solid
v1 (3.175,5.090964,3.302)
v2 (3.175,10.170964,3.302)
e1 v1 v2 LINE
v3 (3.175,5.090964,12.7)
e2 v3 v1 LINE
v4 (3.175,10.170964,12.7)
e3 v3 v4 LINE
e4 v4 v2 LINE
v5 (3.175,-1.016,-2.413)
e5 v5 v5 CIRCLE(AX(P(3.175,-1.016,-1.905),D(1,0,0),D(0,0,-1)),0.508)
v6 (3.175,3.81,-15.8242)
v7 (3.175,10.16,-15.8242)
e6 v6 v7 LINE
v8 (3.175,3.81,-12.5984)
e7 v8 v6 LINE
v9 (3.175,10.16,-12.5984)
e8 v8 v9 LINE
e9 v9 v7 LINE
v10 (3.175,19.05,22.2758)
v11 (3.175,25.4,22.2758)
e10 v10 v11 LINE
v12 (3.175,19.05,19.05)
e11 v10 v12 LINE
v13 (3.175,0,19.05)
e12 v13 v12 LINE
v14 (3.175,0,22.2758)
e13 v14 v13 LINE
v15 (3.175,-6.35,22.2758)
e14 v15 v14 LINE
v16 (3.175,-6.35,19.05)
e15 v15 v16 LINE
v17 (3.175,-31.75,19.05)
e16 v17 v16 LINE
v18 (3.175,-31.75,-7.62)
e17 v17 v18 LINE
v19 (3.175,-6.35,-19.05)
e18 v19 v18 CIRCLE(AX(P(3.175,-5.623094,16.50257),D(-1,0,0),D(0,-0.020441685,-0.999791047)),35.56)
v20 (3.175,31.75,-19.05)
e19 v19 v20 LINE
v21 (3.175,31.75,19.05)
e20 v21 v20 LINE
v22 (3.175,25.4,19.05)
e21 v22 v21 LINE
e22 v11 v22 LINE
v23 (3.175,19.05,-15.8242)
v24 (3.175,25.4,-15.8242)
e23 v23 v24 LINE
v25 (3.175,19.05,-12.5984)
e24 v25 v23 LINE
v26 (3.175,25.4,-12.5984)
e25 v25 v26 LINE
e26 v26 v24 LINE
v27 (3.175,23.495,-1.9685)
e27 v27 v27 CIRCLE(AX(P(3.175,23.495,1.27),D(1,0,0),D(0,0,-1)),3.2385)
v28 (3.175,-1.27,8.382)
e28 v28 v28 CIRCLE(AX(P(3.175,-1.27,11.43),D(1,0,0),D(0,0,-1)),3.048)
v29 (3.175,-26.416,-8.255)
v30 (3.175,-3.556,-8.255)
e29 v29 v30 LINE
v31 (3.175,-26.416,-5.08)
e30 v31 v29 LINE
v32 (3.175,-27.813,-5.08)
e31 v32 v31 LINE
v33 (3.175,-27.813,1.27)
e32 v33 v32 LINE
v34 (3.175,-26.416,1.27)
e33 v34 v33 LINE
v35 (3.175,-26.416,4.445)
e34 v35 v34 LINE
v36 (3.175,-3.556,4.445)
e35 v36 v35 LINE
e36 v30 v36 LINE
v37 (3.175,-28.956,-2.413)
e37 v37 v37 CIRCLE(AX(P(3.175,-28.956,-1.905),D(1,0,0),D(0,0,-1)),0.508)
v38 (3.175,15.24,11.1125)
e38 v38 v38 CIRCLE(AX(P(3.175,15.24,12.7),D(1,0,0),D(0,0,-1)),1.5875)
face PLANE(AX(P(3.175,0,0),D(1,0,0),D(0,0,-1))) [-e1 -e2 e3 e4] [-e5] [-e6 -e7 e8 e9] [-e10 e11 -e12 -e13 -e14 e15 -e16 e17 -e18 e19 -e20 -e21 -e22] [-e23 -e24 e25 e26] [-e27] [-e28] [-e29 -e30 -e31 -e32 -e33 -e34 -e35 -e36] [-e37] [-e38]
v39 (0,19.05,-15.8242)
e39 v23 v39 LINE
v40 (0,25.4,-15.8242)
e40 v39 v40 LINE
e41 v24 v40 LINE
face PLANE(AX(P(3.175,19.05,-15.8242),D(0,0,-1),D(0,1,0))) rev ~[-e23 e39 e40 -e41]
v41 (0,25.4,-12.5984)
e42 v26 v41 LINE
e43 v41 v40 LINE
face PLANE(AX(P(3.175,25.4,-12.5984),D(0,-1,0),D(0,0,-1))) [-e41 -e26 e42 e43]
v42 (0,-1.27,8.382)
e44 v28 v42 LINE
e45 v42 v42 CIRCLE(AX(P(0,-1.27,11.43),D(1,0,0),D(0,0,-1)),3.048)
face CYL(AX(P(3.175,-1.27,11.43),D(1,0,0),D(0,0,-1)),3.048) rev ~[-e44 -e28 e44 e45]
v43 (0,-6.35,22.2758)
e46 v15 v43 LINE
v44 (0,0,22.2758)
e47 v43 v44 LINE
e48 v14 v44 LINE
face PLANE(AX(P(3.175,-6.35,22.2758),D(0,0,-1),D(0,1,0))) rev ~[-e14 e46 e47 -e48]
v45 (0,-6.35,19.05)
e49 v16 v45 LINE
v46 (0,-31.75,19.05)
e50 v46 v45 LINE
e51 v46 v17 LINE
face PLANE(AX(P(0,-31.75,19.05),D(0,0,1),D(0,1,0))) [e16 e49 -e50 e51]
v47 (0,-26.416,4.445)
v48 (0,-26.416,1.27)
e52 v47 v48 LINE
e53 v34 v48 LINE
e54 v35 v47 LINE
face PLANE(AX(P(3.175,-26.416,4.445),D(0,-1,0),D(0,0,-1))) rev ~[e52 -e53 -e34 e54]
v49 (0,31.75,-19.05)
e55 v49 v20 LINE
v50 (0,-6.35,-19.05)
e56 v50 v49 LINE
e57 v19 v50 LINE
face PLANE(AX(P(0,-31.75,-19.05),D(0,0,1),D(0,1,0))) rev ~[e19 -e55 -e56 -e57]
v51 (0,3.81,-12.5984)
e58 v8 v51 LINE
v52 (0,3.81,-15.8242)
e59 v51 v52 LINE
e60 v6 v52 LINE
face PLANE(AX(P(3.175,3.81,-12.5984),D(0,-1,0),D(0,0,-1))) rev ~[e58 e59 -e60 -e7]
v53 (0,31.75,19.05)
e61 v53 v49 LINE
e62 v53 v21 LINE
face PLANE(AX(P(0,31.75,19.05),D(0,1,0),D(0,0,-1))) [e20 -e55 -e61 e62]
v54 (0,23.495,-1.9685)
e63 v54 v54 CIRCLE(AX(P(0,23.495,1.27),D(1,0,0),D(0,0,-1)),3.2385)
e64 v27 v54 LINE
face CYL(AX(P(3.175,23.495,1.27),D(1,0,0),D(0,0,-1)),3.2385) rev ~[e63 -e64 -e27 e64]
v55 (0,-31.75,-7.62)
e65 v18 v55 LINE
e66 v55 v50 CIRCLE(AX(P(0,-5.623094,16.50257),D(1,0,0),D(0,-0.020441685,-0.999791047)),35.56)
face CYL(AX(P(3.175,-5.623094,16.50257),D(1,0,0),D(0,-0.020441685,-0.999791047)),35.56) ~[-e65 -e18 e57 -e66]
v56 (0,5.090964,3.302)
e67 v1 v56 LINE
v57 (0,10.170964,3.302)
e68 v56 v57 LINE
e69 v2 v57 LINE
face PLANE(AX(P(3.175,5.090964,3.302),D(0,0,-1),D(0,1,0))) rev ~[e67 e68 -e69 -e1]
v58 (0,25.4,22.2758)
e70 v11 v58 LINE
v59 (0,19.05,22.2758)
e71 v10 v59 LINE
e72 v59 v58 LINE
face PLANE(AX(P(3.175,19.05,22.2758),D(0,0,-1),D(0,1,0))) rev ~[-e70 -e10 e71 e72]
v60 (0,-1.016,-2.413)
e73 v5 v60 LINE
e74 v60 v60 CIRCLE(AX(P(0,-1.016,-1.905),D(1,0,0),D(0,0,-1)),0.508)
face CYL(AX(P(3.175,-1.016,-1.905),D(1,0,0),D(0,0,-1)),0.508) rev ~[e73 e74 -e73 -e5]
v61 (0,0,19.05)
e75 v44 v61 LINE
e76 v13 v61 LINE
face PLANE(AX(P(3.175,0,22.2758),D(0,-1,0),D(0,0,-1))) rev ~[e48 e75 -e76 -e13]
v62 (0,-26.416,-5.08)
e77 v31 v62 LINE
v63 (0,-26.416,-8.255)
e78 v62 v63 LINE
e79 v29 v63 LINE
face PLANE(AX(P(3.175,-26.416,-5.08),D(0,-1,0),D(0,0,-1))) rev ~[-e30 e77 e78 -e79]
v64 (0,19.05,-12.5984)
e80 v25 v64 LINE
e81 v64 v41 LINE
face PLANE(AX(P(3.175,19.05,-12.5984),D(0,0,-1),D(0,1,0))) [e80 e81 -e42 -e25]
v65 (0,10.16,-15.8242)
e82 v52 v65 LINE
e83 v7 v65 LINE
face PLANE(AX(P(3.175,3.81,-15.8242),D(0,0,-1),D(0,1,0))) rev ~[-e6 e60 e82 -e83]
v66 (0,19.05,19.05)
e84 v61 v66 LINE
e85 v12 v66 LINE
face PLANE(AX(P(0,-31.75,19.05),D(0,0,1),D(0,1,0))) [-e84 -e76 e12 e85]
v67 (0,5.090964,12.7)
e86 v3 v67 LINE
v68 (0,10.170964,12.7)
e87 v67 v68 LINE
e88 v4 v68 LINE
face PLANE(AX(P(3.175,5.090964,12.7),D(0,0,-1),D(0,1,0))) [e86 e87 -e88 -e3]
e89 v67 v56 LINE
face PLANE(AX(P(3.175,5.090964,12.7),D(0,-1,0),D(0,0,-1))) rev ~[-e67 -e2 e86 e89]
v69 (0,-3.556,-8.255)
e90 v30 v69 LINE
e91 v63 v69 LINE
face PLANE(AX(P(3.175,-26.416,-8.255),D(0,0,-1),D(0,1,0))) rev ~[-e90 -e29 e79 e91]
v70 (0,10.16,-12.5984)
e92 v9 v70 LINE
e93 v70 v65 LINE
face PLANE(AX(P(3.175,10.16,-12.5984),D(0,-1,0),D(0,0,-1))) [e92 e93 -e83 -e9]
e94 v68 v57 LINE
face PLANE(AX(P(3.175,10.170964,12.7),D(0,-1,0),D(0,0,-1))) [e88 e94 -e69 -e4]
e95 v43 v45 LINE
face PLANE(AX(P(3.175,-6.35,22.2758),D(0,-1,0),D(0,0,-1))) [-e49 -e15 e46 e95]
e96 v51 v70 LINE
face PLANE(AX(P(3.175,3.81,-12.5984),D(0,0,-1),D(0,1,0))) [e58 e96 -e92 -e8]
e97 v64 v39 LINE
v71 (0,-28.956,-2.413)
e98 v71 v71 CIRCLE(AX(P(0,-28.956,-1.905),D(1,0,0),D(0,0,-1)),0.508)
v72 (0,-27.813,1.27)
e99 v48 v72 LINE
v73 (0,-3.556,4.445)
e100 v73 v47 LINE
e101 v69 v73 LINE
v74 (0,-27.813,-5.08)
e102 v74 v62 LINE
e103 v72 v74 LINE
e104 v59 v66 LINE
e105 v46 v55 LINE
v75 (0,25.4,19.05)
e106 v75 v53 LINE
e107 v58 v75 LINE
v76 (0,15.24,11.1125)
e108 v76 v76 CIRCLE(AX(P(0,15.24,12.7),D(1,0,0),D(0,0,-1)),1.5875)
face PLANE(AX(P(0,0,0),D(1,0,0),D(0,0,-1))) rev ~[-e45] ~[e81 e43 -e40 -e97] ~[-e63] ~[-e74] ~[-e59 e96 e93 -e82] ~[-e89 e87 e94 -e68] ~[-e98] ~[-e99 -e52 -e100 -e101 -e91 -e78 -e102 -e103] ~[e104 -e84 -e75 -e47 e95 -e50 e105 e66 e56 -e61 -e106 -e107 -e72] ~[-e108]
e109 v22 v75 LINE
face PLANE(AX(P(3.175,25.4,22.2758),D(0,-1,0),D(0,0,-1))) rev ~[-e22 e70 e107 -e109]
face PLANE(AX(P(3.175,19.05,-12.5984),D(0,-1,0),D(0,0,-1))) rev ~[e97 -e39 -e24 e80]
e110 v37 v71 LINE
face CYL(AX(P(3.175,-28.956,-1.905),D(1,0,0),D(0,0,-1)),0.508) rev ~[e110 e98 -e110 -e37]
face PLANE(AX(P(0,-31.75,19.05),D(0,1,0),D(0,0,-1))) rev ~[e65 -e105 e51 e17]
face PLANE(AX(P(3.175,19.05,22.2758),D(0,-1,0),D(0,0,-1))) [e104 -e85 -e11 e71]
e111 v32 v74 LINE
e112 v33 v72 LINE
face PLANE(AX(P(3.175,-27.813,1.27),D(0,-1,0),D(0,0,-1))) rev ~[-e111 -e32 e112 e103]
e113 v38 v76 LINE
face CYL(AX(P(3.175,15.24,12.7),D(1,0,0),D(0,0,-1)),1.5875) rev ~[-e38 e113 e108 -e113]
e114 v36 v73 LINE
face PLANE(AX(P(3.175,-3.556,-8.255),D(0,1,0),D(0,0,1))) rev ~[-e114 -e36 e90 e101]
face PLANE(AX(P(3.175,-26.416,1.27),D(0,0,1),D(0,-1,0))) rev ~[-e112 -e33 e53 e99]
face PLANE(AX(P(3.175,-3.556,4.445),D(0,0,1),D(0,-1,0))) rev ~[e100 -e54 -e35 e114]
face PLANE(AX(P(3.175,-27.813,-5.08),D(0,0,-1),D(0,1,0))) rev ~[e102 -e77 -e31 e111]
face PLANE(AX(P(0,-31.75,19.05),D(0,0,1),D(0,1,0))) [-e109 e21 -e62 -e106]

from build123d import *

# Parameters (mm, degrees)
SKETCH1_W                          = 38.1
SKETCH1_H                          = 63.5
MAIN_BODY_DEPTH                    = 3.175
SKETCH2_W                          = 3.2258
SKETCH2_H                          = 6.35
TABS_DEPTH                         = 3.175
SKETCH5_R                          = 0.508
MOTOR_CUT_DEPTH                    = 4.175
SKETCH6_R                          = 3.2385
CUT_FOR_AXLE_DEPTH                 = 4.175
ROUND_OFF_BACK_CORNER_DEPTH        = 4.175
SKETCH8_W                          = 3.2258
SKETCH8_H                          = 6.35
CUT_FOR_TABS_DEPTH                 = 4.175
SKETCH9_R                          = 1.5875
CUT_FOR_BRACKET_SCREW_DEPTH        = 4.175
SKETCH10_R                         = 3.048
CUT_FOR_BASIC_2ND_MOUNT_AXLE_DEPTH = 4.175
SKETCH11_W                         = 9.398
SKETCH11_H                         = 5.08
CUT_EXTRUDE1_DEPTH                 = 4.175


with BuildPart() as part:
    # Sketch1 → main body (new body)
    with BuildSketch(Plane(origin=(0, 0, 0), x_dir=(0, 0, -1), z_dir=(1, 0, 0))):
        Rectangle(SKETCH1_W, SKETCH1_H)
    extrude(amount=MAIN_BODY_DEPTH)

    # Sketch2 → tabs (add)
    with BuildSketch(Plane(origin=(3.175, 0, 0), x_dir=(0, 0, -1), z_dir=(1, 0, 0))):
        with Locations((-20.6629, 22.225)):
            Rectangle(SKETCH2_W, SKETCH2_H)
        with Locations((-20.6629, -3.175)):
            Rectangle(SKETCH2_W, SKETCH2_H)
    extrude(amount=-TABS_DEPTH)

    # Sketch5 → motor cut (cut, through all)
    with BuildSketch(Plane(origin=(3.175, 0, 0), x_dir=(0, 0, -1), z_dir=(1, 0, 0))):
        with Locations((1.905, -28.956)):
            Circle(SKETCH5_R)
        with Locations((1.905, -1.016)):
            Circle(SKETCH5_R)
        Polygon((8.255, -3.556), (-4.445, -3.556), (-4.445, -26.416), (-1.27, -26.416), (-1.27, -27.813), (5.08, -27.813), (5.08, -26.416), (8.255, -26.416), align=None)
    extrude(amount=-MOTOR_CUT_DEPTH, mode=Mode.SUBTRACT)

    # Sketch6 → cut for axle (cut, through all)
    with BuildSketch(Plane(origin=(3.175, 0, 0), x_dir=(0, 0, -1), z_dir=(1, 0, 0))):
        with Locations((-1.27, 23.495)):
            Circle(SKETCH6_R)
    extrude(amount=-CUT_FOR_AXLE_DEPTH, mode=Mode.SUBTRACT)

    # Sketch7 → round off back corner (cut, through all)
    with BuildSketch(Plane(origin=(3.175, 0, 0), x_dir=(0, 0, -1), z_dir=(1, 0, 0))):
        with BuildLine():
            Line((19.05, -31.75), (19.05, -6.35))
            ThreePointArc((19.05, -6.35), (15.925359096, -20.215661593), (7.62, -31.75))
            Line((7.62, -31.75), (19.05, -31.75))
        make_face()
    extrude(amount=-ROUND_OFF_BACK_CORNER_DEPTH, mode=Mode.SUBTRACT)

    # Sketch8 → cut for tabs (cut, through all)
    with BuildSketch(Plane(origin=(3.175, 0, 0), x_dir=(0, 0, -1), z_dir=(1, 0, 0))):
        with Locations((14.2113, 22.225)):
            Rectangle(SKETCH8_W, SKETCH8_H)
        with Locations((14.2113, 6.985)):
            Rectangle(SKETCH8_W, SKETCH8_H)
    extrude(amount=-CUT_FOR_TABS_DEPTH, mode=Mode.SUBTRACT)

    # Sketch9 → cut for bracket screw (cut, through all)
    with BuildSketch(Plane(origin=(3.175, 0, 0), x_dir=(0, 0, -1), z_dir=(1, 0, 0))):
        with Locations((-12.7, 15.24)):
            Circle(SKETCH9_R)
    extrude(amount=-CUT_FOR_BRACKET_SCREW_DEPTH, mode=Mode.SUBTRACT)

    # Sketch10 → cut for basic 2nd mount axle (cut, through all)
    with BuildSketch(Plane(origin=(3.175, 0, 0), x_dir=(0, 0, -1), z_dir=(1, 0, 0))):
        with Locations((-11.43, -1.27)):
            Circle(SKETCH10_R)
    extrude(amount=-CUT_FOR_BASIC_2ND_MOUNT_AXLE_DEPTH, mode=Mode.SUBTRACT)

    # Sketch11 → Cut-Extrude1 (cut, through all)
    with BuildSketch(Plane(origin=(3.175, 0, 0), x_dir=(0, 0, -1), z_dir=(1, 0, 0))):
        with Locations((-8.001, 7.630964138)):
            Rectangle(SKETCH11_W, SKETCH11_H)
    extrude(amount=-CUT_EXTRUDE1_DEPTH, mode=Mode.SUBTRACT)


solid = part.part
